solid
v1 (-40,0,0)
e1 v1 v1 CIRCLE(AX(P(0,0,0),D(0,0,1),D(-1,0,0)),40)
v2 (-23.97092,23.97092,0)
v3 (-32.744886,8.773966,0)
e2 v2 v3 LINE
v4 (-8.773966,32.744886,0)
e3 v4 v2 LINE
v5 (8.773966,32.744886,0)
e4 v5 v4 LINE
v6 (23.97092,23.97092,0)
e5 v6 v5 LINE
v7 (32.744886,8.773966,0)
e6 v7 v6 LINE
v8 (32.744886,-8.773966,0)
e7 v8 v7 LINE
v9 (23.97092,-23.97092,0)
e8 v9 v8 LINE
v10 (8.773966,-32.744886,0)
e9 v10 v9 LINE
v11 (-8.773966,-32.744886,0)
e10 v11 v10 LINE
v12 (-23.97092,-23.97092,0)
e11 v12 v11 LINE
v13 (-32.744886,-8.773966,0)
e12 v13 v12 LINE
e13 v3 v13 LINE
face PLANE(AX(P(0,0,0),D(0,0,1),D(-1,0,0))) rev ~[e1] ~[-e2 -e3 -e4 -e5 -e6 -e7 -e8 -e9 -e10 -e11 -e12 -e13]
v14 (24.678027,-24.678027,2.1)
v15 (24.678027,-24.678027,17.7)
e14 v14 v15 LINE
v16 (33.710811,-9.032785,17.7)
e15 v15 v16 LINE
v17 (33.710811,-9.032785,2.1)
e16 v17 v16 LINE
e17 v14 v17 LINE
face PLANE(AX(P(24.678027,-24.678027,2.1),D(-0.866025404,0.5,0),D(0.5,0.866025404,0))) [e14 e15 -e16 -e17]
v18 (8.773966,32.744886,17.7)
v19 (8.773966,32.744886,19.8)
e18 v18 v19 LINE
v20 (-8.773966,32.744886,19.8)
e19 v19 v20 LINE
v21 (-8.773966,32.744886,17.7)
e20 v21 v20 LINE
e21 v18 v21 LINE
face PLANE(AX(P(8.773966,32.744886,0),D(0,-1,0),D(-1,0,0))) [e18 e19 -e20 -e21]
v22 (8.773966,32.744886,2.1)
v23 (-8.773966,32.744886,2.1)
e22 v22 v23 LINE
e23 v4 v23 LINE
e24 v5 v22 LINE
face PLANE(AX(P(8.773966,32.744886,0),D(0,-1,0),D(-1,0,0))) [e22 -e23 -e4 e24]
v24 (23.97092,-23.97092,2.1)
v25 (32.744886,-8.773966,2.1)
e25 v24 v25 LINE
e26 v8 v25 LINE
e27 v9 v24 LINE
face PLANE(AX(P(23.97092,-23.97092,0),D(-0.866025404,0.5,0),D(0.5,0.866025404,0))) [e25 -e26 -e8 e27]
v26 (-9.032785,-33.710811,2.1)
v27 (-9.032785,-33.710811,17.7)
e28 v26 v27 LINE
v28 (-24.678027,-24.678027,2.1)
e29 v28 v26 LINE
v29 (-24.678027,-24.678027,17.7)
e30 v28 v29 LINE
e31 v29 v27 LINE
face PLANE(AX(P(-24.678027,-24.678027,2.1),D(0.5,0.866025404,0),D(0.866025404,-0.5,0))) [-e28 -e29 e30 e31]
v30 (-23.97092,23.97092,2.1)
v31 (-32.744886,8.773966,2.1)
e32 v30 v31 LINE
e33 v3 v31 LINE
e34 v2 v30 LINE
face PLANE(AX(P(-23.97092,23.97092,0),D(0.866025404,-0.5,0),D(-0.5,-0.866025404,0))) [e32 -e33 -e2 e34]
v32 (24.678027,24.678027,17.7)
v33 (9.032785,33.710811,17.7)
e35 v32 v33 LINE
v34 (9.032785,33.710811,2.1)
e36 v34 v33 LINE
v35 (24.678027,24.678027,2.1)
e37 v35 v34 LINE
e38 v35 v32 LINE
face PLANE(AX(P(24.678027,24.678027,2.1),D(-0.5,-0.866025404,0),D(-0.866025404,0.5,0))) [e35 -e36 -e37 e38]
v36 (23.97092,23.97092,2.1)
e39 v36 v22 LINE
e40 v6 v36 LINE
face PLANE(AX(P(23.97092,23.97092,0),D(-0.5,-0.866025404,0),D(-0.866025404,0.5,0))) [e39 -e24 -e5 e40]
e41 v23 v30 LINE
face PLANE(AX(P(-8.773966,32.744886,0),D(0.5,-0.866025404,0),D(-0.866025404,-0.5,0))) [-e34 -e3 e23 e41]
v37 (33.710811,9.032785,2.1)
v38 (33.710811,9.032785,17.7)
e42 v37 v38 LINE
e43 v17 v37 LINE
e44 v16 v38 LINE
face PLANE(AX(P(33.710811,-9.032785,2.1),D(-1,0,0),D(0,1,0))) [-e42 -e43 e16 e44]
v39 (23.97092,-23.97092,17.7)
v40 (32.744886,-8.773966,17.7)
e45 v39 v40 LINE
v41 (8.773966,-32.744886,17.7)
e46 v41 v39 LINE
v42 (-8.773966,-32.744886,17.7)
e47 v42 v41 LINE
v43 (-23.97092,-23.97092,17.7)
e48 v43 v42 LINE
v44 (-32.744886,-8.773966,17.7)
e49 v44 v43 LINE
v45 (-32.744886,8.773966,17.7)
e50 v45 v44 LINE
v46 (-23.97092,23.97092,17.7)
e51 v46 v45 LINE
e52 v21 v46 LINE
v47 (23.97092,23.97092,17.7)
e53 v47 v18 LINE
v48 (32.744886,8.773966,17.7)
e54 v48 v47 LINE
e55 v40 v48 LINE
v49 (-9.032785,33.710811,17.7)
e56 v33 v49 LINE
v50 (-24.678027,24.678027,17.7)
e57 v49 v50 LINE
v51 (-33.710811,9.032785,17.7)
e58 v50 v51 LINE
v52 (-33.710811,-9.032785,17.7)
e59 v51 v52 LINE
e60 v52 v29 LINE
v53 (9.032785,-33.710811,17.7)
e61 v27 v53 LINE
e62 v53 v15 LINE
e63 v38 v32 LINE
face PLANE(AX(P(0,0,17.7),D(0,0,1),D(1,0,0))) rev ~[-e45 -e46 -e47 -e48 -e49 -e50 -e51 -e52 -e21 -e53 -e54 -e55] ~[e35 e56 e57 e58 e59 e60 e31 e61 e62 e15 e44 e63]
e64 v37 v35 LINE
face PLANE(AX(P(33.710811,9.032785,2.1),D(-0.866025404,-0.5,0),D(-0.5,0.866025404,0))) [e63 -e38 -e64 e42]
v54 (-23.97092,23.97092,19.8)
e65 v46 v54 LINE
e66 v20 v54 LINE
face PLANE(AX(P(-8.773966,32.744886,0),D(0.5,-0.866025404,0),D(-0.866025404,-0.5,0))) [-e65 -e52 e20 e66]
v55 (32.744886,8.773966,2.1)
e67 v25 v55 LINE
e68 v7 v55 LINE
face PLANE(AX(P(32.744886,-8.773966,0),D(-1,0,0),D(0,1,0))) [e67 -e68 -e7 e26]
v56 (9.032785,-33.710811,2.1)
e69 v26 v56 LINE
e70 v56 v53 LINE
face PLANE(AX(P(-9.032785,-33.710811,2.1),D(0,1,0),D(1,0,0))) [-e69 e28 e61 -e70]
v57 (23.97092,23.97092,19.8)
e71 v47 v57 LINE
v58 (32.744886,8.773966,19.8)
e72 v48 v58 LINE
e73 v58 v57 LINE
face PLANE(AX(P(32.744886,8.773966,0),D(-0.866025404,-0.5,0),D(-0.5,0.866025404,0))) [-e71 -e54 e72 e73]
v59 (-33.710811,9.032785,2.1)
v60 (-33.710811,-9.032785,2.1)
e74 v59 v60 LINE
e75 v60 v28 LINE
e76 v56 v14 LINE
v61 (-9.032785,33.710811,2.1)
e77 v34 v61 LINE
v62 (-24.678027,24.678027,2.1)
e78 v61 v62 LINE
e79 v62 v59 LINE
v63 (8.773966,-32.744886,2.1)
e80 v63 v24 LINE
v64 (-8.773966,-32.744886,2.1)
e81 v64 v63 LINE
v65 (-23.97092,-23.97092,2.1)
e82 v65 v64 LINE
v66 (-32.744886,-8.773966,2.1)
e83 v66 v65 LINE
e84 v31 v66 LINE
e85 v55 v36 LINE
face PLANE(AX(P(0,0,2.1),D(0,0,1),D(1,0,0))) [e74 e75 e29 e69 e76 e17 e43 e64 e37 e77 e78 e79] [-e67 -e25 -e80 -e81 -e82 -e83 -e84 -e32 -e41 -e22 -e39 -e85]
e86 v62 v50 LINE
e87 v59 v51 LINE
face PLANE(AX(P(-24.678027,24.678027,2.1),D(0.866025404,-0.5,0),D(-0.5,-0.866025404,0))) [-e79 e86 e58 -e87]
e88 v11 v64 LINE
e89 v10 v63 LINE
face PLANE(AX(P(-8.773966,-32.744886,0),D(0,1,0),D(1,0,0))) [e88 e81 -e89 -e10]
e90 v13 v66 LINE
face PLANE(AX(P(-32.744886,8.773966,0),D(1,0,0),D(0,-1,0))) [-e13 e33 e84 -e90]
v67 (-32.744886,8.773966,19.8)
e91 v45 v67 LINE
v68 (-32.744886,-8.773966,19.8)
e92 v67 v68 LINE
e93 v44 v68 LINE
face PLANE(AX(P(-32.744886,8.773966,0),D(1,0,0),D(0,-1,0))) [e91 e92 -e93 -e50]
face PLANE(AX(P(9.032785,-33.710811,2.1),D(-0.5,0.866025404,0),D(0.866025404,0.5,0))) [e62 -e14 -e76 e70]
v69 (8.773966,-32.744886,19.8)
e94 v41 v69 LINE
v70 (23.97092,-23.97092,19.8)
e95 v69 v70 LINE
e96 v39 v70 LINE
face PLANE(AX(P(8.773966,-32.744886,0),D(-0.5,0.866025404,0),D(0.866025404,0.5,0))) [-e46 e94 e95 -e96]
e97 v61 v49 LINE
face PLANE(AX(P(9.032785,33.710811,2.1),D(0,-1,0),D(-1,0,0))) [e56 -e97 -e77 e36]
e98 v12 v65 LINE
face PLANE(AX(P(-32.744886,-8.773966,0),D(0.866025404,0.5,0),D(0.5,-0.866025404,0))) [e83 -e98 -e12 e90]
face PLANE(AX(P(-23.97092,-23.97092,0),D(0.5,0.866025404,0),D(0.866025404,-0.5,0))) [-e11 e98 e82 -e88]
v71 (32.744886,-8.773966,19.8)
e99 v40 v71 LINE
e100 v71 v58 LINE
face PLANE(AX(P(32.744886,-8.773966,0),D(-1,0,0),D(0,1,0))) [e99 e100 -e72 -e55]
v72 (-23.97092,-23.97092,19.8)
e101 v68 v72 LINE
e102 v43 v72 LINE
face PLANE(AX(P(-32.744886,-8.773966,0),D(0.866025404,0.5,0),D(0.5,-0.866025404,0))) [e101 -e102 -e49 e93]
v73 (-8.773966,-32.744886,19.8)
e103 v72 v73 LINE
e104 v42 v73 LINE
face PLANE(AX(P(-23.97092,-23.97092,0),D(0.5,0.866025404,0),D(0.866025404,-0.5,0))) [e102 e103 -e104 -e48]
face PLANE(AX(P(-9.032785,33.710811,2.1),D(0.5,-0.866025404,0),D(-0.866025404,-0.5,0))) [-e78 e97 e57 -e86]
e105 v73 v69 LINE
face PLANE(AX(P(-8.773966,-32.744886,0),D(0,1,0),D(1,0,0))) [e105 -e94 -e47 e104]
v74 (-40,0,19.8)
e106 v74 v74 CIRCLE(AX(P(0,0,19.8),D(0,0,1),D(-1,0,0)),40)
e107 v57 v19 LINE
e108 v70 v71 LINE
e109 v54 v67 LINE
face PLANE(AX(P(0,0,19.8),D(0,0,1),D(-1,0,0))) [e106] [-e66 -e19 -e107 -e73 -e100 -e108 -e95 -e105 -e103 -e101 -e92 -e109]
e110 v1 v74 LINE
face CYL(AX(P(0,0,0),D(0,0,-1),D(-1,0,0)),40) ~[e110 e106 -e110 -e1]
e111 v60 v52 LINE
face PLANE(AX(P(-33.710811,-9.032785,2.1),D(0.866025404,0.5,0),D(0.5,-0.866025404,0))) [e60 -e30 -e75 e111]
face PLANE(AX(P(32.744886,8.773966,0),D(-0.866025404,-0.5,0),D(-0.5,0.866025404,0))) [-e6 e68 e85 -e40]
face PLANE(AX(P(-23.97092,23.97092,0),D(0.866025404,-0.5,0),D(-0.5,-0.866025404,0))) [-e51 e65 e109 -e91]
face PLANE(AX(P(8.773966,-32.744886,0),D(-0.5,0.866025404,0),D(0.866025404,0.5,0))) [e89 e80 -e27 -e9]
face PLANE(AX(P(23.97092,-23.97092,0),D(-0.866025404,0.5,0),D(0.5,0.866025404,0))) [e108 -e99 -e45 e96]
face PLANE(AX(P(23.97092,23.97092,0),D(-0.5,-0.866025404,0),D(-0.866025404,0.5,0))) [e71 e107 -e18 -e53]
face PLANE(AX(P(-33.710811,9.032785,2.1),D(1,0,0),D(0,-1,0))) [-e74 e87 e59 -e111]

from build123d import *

# Parameters (mm, degrees)
S01_80_MM_TYRE_AND_TWO_INWARD_BEAD_LIP_R       = 40
F_01_80_MM_TYRE_AND_TWO_INWARD_BEAD_LIPS_DEPTH = 19.8
F_02_START                                     = 2.1
F_02_CENTRAL_KEYED_DRIVE_RECESS_BETWEEN_DEPTH  = 15.6


with BuildPart() as part:
    # S01 - 80 mm tyre and two inward bead lips → 01 - 80 mm tyre and two inward bead lips (new body)
    with BuildSketch(Plane.XY):
        with Locations(Location((0, 0, 0), (0, 0, 180))):
            Circle(S01_80_MM_TYRE_AND_TWO_INWARD_BEAD_LIP_R)
        Polygon((32.744885511, 8.773965629), (23.970919882, 23.970919882), (8.773965629, 32.744885511), (-8.773965629, 32.744885511), (-23.970919882, 23.970919882), (-32.744885511, 8.773965629), (-32.744885511, -8.773965629), (-23.970919882, -23.970919882), (-8.773965629, -32.744885511), (8.773965629, -32.744885511), (23.970919882, -23.970919882), (32.744885511, -8.773965629), align=None, mode=Mode.SUBTRACT)
    extrude(amount=F_01_80_MM_TYRE_AND_TWO_INWARD_BEAD_LIPS_DEPTH)

    # S02 - Central keyed drive recess between end beads → 02 - Central keyed drive recess between end beads (cut)
    with BuildSketch(Plane.XY.offset(F_02_START)):
        Polygon((33.710811337, 9.032784674), (24.678026663, 24.678026663), (9.032784674, 33.710811337), (-9.032784674, 33.710811337), (-24.678026663, 24.678026663), (-33.710811337, 9.032784674), (-33.710811337, -9.032784674), (-24.678026663, -24.678026663), (-9.032784674, -33.710811337), (9.032784674, -33.710811337), (24.678026663, -24.678026663), (33.710811337, -9.032784674), align=None)
    extrude(amount=F_02_CENTRAL_KEYED_DRIVE_RECESS_BETWEEN_DEPTH, mode=Mode.SUBTRACT)


solid = part.part
